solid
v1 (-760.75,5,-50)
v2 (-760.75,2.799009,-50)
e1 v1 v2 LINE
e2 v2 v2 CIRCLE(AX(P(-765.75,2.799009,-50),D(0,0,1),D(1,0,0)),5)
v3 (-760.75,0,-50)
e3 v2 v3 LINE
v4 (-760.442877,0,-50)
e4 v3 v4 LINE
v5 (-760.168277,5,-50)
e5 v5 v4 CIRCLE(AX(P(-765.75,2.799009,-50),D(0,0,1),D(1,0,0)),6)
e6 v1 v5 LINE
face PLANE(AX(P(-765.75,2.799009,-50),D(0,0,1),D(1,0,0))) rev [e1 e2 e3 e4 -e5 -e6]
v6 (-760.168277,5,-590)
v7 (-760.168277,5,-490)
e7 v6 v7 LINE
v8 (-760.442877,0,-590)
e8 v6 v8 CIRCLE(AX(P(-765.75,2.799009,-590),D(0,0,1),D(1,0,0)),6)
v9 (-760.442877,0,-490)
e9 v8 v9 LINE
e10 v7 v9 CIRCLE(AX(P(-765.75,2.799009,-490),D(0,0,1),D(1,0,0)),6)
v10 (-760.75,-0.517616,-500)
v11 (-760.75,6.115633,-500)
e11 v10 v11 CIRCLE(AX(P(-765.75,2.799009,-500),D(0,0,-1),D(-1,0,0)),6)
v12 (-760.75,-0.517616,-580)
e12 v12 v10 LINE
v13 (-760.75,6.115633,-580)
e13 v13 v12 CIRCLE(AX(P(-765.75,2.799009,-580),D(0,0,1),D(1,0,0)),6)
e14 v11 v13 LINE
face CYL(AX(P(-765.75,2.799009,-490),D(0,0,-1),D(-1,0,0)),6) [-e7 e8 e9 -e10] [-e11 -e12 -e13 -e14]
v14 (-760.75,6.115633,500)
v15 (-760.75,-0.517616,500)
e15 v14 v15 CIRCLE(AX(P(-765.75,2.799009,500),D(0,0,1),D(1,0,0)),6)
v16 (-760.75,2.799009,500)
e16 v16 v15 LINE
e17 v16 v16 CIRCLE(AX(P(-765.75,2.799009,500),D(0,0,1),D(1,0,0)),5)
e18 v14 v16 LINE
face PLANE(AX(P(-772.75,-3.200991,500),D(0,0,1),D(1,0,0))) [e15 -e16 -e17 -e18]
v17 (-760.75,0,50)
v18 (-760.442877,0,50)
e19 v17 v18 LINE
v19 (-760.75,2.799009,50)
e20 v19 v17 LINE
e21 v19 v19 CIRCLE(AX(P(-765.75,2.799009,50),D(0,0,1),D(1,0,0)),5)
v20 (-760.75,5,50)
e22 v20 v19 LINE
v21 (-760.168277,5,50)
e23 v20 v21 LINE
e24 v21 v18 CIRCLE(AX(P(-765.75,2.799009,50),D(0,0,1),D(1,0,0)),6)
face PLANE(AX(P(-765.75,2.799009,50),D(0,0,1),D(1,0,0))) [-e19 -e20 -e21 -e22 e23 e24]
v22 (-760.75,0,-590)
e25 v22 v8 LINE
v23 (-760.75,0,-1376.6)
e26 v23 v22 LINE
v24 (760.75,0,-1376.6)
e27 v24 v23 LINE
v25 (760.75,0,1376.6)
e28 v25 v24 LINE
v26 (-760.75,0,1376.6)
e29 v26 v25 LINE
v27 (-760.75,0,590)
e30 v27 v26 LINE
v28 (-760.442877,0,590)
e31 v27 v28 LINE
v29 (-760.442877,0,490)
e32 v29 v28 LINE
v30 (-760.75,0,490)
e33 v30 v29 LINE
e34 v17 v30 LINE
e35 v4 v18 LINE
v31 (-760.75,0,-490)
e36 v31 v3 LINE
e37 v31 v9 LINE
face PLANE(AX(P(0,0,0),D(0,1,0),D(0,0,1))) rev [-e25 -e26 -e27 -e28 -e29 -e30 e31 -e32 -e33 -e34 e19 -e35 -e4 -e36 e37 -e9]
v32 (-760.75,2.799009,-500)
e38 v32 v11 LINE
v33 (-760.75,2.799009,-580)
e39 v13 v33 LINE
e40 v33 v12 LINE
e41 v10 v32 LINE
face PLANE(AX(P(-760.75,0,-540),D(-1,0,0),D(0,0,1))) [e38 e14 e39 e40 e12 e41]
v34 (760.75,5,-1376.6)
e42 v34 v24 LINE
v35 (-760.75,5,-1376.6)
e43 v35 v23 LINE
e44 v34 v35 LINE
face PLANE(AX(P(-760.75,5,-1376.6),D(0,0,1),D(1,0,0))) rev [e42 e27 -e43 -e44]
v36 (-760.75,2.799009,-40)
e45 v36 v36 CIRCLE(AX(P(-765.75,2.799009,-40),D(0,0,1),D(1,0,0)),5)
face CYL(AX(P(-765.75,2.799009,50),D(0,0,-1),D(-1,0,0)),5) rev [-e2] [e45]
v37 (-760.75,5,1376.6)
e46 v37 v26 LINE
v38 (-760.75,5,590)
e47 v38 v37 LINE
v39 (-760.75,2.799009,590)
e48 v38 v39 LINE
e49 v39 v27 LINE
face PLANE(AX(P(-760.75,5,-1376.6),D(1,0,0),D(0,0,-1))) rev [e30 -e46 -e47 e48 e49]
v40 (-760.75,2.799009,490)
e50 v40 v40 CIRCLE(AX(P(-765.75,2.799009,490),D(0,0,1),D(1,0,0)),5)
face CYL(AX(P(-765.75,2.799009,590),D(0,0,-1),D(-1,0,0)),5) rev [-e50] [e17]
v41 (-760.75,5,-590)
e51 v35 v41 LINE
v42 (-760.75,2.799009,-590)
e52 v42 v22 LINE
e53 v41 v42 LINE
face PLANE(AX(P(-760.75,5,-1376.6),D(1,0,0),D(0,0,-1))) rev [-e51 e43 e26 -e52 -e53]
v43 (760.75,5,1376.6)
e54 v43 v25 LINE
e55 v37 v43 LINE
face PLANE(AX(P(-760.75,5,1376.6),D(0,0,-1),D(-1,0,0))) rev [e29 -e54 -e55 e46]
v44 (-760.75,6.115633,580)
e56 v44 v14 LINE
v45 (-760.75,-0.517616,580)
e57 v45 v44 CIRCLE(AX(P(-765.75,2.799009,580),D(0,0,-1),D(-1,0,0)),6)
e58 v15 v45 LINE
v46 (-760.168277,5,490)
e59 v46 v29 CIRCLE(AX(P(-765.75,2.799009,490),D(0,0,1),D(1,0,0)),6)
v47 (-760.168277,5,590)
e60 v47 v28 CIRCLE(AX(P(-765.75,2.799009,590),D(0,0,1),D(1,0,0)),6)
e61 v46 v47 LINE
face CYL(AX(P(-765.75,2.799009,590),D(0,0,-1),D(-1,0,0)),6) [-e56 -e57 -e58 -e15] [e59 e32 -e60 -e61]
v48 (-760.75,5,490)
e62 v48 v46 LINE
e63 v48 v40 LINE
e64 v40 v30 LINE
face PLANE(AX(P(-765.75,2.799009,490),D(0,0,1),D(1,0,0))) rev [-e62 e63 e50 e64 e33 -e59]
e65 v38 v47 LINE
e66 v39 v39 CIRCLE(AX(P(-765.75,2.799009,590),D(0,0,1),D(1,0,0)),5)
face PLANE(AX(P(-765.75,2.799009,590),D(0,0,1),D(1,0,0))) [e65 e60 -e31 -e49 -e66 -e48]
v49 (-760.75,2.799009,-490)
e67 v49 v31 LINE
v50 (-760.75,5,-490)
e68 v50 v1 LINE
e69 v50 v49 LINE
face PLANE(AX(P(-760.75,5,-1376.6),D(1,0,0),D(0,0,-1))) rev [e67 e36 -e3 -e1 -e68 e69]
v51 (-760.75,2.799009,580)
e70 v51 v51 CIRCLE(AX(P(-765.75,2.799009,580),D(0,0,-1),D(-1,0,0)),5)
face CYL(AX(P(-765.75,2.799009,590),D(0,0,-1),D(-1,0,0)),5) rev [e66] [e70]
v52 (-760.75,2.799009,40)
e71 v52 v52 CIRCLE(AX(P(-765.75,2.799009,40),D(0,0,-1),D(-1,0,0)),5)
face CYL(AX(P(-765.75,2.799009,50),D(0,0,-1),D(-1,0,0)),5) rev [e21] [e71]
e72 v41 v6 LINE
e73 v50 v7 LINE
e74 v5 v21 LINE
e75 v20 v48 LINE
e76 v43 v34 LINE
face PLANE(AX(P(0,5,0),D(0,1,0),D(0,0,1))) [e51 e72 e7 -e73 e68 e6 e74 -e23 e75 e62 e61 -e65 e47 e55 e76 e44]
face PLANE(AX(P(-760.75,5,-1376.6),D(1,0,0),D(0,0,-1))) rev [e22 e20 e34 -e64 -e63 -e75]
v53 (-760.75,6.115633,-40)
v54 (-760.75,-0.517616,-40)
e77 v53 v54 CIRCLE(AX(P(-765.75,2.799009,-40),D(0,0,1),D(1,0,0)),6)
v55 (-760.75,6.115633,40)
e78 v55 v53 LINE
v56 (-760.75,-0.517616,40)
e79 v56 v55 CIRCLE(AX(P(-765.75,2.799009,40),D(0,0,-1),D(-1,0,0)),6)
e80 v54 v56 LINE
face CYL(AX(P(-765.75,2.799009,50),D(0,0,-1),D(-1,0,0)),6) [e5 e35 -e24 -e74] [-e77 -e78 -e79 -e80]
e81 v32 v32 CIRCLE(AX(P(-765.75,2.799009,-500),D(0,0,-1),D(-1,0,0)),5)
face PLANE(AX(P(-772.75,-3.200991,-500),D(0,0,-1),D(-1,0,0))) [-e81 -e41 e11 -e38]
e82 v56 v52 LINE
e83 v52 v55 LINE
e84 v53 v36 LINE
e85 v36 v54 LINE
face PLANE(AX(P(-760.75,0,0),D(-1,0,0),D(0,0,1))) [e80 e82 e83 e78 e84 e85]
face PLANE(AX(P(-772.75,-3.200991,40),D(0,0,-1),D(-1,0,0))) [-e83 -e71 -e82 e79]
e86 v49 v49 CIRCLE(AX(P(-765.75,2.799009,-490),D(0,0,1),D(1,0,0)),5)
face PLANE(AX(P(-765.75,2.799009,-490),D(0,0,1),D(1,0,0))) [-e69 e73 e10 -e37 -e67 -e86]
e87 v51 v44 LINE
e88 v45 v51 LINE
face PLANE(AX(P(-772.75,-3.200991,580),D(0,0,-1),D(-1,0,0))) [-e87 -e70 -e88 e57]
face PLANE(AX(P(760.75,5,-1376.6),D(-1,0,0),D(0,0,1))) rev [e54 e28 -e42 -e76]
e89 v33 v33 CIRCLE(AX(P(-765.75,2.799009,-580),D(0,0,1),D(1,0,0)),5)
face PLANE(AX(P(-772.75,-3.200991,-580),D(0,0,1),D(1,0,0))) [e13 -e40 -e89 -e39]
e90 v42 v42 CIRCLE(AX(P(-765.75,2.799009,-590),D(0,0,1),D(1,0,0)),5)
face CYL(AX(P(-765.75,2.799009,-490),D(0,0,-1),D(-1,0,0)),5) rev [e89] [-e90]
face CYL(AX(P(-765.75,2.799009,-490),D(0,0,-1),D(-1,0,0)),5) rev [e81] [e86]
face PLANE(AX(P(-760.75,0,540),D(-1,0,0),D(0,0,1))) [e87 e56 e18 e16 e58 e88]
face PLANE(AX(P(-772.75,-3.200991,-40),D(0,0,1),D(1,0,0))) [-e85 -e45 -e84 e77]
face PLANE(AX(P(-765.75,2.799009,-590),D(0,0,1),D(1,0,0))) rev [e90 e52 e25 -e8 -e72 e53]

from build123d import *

# Parameters (mm, degrees)
SKETCH1_W                   = 1521.5
SKETCH1_H                   = 2753.2
BOSS_EXTRUDE1_DEPTH         = 5
SKETCH4_R                   = 6
SKETCH4_R_2                 = 5
BOSS_EXTRUDE3_DEPTH         = 50
SKETCH5_W                   = 80
SKETCH5_H                   = 12
CUT_EXTRUDE1_DEPTH          = 12
LPATTERN1_COUNT             = 2
LPATTERN1_PITCH             = 540
LPATTERN2_COUNT             = 2
LPATTERN2_PITCH             = 540
LPATTERN2_COPY_1_SKETCH_R   = 6
LPATTERN2_COPY_1_SKETCH_R_2 = 5
LPATTERN2_COPY_1_DEPTH      = 50
LPATTERN2_COPY_2_SKETCH_W   = 80
LPATTERN2_COPY_2_SKETCH_H   = 12
LPATTERN2_COPY_2_DEPTH      = 12


with BuildPart() as part:
    # Sketch1 → Boss-Extrude1 (new body)
    with BuildSketch(Plane(origin=(0, 0, 0), x_dir=(1, 0, 0), z_dir=(0, 1, 0))):
        Rectangle(SKETCH1_W, SKETCH1_H)
    extrude(amount=BOSS_EXTRUDE1_DEPTH)

    # Sketch4 → Boss-Extrude3 (add, symmetric)
    with BuildSketch(Plane.XY):
        with Locations((-765.75, 2.799008647)):
            Circle(SKETCH4_R)
        with Locations((-765.75, 2.799008647)):
            Circle(SKETCH4_R_2, mode=Mode.SUBTRACT)
    boss_extrude3 = extrude(amount=BOSS_EXTRUDE3_DEPTH, both=True)

    # Sketch5 → Cut-Extrude1 (cut)
    with BuildSketch(Plane.ZY.offset(760.75)):
        with Locations((0, 2.799008647)):
            Rectangle(SKETCH5_W, SKETCH5_H)
    cut_extrude1 = extrude(amount=CUT_EXTRUDE1_DEPTH, mode=Mode.SUBTRACT)

    # LPattern1: Boss-Extrude3, Cut-Extrude1 ×2
    with Locations(*[(0, 0, -i * LPATTERN1_PITCH) for i in range(1, LPATTERN1_COUNT)]):
        add(boss_extrude3)
        add(cut_extrude1, mode=Mode.SUBTRACT)

    # LPattern2: Boss-Extrude3, Cut-Extrude1 ×2
    with Locations(*[(0, 0, i * LPATTERN2_PITCH) for i in range(1, LPATTERN2_COUNT)]):
        add(boss_extrude3)
        add(cut_extrude1, mode=Mode.SUBTRACT)

    # LPattern2 copy 1 sketch → LPattern2 copy 1 (add, symmetric)
    with BuildSketch(Plane.XY):
        with Locations((-765.75, 2.799008647)):
            Circle(LPATTERN2_COPY_1_SKETCH_R)
        with Locations((-765.75, 2.799008647)):
            Circle(LPATTERN2_COPY_1_SKETCH_R_2, mode=Mode.SUBTRACT)
    extrude(amount=LPATTERN2_COPY_1_DEPTH, both=True)

    # LPattern2 copy 2 sketch → LPattern2 copy 2 (cut)
    with BuildSketch(Plane.ZY.offset(760.75)):
        with Locations((0, 2.799008647)):
            Rectangle(LPATTERN2_COPY_2_SKETCH_W, LPATTERN2_COPY_2_SKETCH_H)
    extrude(amount=LPATTERN2_COPY_2_DEPTH, mode=Mode.SUBTRACT)


solid = part.part
